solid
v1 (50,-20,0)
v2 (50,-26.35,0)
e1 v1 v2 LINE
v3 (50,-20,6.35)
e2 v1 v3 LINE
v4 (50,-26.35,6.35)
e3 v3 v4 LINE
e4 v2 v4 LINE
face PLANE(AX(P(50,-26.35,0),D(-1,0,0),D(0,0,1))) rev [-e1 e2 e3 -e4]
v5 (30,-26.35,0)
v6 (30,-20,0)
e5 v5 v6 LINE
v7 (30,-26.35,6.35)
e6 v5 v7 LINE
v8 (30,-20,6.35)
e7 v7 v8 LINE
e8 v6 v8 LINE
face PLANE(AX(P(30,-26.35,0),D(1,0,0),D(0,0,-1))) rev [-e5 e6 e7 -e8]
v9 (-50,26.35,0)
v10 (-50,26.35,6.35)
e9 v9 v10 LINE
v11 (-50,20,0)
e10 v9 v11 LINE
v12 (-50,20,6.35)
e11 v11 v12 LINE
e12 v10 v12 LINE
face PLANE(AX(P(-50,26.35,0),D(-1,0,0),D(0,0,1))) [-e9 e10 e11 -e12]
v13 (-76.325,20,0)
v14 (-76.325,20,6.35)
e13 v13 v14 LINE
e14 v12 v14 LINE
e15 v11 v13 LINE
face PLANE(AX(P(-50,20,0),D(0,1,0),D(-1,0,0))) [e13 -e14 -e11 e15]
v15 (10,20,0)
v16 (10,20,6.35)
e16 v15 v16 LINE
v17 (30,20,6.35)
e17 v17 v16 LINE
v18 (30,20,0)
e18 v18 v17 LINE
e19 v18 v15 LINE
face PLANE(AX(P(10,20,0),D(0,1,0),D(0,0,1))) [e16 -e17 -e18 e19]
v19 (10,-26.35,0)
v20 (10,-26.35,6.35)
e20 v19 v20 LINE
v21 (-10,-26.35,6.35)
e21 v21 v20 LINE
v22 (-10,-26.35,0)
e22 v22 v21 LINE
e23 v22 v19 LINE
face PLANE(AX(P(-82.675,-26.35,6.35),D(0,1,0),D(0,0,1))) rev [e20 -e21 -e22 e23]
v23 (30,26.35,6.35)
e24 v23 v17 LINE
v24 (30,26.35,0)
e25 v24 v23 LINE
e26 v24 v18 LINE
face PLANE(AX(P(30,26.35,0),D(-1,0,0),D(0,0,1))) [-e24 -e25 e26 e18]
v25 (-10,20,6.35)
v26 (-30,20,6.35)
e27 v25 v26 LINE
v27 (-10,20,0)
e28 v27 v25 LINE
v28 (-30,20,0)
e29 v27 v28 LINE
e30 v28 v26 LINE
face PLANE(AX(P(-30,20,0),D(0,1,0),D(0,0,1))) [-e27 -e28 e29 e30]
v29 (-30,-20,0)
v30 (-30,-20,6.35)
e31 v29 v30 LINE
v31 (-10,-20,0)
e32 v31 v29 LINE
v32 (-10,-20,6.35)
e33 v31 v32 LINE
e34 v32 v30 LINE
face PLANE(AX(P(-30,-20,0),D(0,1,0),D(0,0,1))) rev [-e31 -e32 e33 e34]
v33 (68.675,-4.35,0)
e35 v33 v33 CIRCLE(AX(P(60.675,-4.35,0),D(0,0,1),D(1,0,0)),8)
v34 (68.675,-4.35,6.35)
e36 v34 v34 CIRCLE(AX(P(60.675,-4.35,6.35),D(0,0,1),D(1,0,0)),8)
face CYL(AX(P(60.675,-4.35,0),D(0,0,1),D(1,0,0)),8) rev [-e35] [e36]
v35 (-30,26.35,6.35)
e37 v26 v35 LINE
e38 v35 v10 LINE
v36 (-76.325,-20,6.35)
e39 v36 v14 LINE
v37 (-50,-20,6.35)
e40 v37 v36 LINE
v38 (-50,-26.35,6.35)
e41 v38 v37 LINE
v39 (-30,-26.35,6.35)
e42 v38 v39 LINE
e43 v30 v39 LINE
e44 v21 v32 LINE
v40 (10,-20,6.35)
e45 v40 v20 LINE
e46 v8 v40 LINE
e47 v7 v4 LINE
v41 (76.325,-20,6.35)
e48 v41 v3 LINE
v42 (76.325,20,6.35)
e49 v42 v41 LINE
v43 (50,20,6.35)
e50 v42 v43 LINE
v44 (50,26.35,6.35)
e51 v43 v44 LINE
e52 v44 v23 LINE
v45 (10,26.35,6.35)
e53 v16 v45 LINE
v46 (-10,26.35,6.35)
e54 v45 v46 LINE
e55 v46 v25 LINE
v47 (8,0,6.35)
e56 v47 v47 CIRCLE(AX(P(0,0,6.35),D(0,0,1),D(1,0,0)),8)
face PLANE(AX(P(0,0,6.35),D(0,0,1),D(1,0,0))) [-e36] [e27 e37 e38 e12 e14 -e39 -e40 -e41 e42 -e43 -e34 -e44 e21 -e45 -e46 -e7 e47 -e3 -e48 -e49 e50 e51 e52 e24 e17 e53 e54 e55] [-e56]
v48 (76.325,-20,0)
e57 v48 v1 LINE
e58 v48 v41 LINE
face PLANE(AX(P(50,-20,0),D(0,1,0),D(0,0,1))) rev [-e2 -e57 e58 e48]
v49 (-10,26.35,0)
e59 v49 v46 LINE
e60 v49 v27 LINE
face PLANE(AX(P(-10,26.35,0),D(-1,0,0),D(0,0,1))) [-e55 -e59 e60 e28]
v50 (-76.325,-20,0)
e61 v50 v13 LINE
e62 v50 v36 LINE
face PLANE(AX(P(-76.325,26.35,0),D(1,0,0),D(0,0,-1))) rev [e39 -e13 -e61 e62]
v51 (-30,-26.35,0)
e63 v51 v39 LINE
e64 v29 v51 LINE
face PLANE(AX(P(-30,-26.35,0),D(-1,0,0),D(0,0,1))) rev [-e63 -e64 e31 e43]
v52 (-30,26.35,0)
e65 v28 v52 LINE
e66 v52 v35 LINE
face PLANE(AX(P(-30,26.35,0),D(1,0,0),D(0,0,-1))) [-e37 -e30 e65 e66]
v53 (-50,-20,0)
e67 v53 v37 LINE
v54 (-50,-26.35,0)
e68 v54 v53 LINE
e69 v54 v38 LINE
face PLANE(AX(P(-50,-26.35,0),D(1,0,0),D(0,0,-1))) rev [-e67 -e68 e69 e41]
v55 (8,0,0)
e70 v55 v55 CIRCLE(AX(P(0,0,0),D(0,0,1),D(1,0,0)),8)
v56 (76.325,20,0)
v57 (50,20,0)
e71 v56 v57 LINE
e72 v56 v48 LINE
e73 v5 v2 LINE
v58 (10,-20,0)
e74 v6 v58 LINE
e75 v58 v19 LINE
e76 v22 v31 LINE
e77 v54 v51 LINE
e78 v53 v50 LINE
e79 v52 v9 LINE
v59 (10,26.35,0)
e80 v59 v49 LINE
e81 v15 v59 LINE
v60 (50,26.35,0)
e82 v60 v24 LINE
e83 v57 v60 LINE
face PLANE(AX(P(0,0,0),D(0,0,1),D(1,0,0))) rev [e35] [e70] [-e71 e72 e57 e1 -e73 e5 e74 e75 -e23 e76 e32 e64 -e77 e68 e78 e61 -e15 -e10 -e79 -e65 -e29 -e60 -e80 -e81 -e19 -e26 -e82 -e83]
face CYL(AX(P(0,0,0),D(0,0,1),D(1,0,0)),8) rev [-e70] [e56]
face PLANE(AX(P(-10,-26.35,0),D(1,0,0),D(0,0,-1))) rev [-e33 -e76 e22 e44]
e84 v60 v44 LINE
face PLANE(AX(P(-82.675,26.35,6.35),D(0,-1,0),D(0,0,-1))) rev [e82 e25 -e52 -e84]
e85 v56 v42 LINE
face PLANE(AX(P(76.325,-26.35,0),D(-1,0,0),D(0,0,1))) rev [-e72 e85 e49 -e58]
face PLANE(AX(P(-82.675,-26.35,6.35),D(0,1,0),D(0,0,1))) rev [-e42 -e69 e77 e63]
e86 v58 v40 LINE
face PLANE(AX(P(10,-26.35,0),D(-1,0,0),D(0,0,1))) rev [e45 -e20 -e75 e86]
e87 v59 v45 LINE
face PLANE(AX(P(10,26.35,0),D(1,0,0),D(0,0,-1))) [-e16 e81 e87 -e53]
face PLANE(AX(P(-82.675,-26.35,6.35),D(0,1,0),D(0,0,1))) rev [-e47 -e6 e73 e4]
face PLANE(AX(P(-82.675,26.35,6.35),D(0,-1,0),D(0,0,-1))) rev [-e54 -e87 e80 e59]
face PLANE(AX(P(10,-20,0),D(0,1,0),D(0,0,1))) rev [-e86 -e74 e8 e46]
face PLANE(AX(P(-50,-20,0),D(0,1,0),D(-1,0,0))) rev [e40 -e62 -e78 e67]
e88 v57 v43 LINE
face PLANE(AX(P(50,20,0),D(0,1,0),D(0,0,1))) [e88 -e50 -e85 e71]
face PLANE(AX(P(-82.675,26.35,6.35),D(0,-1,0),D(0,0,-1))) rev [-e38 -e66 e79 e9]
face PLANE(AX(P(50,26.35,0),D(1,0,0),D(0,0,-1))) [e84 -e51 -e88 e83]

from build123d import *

# Parameters (mm, degrees)
ESQUISSE1_W             = 165.35
ESQUISSE1_H             = 52.7
BOSS_EXTRU_1_DEPTH      = 6.35
ESQUISSE5_W             = 20
ESQUISSE5_H             = 6.35
ESQUISSE5_W_2           = 26.325
ENL_V_MAT_EXTRU_2_DEPTH = 88.004601171
ESQUISSE7_W             = 6.35
ESQUISSE7_H             = 52.7
ENL_V_MAT_EXTRU_4_DEPTH = 88.004601171
ESQUISSE6_R             = 8
ENL_V_MAT_EXTRU_3_DEPTH = 81.994756775


with BuildPart() as part:
    # Esquisse1 → Boss.-Extru.1 (new body)
    with BuildSketch(Plane.XY):
        Rectangle(ESQUISSE1_W, ESQUISSE1_H)
    extrude(amount=BOSS_EXTRU_1_DEPTH)

    # Esquisse5 → Enlèv. mat.-Extru.2 (cut, through all)
    with BuildSketch(Plane.XY.offset(6.35)):
        with Locations((-20, -23.175)):
            Rectangle(ESQUISSE5_W, ESQUISSE5_H)
        with Locations((20, -23.175)):
            Rectangle(ESQUISSE5_W, ESQUISSE5_H)
        with Locations((63.1625, -23.175)):
            Rectangle(ESQUISSE5_W_2, ESQUISSE5_H)
        with Locations((-63.1625, -23.175)):
            Rectangle(ESQUISSE5_W_2, ESQUISSE5_H)
    enl_v_mat_extru_2 = extrude(amount=-ENL_V_MAT_EXTRU_2_DEPTH, mode=Mode.SUBTRACT)

    # Symétrie2: Enlèv. mat.-Extru.2 across plane
    add(enl_v_mat_extru_2.mirror(Plane.ZX), mode=Mode.SUBTRACT)

    # Esquisse7 → Enlèv. mat.-Extru.4 (cut, through all)
    with BuildSketch(Plane.XY.offset(6.35)):
        with Locations((-79.5, 0)):
            Rectangle(ESQUISSE7_W, ESQUISSE7_H)
        with Locations((79.5, 0)):
            Rectangle(ESQUISSE7_W, ESQUISSE7_H)
    extrude(amount=-ENL_V_MAT_EXTRU_4_DEPTH, mode=Mode.SUBTRACT)

    # Esquisse6 → Enlèv. mat.-Extru.3 (cut, through all)
    with BuildSketch(Plane.XY.offset(6.35)):
        Circle(ESQUISSE6_R)
        with Locations((60.675, -4.35)):
            Circle(ESQUISSE6_R)
    extrude(amount=-ENL_V_MAT_EXTRU_3_DEPTH, mode=Mode.SUBTRACT)


solid = part.part
